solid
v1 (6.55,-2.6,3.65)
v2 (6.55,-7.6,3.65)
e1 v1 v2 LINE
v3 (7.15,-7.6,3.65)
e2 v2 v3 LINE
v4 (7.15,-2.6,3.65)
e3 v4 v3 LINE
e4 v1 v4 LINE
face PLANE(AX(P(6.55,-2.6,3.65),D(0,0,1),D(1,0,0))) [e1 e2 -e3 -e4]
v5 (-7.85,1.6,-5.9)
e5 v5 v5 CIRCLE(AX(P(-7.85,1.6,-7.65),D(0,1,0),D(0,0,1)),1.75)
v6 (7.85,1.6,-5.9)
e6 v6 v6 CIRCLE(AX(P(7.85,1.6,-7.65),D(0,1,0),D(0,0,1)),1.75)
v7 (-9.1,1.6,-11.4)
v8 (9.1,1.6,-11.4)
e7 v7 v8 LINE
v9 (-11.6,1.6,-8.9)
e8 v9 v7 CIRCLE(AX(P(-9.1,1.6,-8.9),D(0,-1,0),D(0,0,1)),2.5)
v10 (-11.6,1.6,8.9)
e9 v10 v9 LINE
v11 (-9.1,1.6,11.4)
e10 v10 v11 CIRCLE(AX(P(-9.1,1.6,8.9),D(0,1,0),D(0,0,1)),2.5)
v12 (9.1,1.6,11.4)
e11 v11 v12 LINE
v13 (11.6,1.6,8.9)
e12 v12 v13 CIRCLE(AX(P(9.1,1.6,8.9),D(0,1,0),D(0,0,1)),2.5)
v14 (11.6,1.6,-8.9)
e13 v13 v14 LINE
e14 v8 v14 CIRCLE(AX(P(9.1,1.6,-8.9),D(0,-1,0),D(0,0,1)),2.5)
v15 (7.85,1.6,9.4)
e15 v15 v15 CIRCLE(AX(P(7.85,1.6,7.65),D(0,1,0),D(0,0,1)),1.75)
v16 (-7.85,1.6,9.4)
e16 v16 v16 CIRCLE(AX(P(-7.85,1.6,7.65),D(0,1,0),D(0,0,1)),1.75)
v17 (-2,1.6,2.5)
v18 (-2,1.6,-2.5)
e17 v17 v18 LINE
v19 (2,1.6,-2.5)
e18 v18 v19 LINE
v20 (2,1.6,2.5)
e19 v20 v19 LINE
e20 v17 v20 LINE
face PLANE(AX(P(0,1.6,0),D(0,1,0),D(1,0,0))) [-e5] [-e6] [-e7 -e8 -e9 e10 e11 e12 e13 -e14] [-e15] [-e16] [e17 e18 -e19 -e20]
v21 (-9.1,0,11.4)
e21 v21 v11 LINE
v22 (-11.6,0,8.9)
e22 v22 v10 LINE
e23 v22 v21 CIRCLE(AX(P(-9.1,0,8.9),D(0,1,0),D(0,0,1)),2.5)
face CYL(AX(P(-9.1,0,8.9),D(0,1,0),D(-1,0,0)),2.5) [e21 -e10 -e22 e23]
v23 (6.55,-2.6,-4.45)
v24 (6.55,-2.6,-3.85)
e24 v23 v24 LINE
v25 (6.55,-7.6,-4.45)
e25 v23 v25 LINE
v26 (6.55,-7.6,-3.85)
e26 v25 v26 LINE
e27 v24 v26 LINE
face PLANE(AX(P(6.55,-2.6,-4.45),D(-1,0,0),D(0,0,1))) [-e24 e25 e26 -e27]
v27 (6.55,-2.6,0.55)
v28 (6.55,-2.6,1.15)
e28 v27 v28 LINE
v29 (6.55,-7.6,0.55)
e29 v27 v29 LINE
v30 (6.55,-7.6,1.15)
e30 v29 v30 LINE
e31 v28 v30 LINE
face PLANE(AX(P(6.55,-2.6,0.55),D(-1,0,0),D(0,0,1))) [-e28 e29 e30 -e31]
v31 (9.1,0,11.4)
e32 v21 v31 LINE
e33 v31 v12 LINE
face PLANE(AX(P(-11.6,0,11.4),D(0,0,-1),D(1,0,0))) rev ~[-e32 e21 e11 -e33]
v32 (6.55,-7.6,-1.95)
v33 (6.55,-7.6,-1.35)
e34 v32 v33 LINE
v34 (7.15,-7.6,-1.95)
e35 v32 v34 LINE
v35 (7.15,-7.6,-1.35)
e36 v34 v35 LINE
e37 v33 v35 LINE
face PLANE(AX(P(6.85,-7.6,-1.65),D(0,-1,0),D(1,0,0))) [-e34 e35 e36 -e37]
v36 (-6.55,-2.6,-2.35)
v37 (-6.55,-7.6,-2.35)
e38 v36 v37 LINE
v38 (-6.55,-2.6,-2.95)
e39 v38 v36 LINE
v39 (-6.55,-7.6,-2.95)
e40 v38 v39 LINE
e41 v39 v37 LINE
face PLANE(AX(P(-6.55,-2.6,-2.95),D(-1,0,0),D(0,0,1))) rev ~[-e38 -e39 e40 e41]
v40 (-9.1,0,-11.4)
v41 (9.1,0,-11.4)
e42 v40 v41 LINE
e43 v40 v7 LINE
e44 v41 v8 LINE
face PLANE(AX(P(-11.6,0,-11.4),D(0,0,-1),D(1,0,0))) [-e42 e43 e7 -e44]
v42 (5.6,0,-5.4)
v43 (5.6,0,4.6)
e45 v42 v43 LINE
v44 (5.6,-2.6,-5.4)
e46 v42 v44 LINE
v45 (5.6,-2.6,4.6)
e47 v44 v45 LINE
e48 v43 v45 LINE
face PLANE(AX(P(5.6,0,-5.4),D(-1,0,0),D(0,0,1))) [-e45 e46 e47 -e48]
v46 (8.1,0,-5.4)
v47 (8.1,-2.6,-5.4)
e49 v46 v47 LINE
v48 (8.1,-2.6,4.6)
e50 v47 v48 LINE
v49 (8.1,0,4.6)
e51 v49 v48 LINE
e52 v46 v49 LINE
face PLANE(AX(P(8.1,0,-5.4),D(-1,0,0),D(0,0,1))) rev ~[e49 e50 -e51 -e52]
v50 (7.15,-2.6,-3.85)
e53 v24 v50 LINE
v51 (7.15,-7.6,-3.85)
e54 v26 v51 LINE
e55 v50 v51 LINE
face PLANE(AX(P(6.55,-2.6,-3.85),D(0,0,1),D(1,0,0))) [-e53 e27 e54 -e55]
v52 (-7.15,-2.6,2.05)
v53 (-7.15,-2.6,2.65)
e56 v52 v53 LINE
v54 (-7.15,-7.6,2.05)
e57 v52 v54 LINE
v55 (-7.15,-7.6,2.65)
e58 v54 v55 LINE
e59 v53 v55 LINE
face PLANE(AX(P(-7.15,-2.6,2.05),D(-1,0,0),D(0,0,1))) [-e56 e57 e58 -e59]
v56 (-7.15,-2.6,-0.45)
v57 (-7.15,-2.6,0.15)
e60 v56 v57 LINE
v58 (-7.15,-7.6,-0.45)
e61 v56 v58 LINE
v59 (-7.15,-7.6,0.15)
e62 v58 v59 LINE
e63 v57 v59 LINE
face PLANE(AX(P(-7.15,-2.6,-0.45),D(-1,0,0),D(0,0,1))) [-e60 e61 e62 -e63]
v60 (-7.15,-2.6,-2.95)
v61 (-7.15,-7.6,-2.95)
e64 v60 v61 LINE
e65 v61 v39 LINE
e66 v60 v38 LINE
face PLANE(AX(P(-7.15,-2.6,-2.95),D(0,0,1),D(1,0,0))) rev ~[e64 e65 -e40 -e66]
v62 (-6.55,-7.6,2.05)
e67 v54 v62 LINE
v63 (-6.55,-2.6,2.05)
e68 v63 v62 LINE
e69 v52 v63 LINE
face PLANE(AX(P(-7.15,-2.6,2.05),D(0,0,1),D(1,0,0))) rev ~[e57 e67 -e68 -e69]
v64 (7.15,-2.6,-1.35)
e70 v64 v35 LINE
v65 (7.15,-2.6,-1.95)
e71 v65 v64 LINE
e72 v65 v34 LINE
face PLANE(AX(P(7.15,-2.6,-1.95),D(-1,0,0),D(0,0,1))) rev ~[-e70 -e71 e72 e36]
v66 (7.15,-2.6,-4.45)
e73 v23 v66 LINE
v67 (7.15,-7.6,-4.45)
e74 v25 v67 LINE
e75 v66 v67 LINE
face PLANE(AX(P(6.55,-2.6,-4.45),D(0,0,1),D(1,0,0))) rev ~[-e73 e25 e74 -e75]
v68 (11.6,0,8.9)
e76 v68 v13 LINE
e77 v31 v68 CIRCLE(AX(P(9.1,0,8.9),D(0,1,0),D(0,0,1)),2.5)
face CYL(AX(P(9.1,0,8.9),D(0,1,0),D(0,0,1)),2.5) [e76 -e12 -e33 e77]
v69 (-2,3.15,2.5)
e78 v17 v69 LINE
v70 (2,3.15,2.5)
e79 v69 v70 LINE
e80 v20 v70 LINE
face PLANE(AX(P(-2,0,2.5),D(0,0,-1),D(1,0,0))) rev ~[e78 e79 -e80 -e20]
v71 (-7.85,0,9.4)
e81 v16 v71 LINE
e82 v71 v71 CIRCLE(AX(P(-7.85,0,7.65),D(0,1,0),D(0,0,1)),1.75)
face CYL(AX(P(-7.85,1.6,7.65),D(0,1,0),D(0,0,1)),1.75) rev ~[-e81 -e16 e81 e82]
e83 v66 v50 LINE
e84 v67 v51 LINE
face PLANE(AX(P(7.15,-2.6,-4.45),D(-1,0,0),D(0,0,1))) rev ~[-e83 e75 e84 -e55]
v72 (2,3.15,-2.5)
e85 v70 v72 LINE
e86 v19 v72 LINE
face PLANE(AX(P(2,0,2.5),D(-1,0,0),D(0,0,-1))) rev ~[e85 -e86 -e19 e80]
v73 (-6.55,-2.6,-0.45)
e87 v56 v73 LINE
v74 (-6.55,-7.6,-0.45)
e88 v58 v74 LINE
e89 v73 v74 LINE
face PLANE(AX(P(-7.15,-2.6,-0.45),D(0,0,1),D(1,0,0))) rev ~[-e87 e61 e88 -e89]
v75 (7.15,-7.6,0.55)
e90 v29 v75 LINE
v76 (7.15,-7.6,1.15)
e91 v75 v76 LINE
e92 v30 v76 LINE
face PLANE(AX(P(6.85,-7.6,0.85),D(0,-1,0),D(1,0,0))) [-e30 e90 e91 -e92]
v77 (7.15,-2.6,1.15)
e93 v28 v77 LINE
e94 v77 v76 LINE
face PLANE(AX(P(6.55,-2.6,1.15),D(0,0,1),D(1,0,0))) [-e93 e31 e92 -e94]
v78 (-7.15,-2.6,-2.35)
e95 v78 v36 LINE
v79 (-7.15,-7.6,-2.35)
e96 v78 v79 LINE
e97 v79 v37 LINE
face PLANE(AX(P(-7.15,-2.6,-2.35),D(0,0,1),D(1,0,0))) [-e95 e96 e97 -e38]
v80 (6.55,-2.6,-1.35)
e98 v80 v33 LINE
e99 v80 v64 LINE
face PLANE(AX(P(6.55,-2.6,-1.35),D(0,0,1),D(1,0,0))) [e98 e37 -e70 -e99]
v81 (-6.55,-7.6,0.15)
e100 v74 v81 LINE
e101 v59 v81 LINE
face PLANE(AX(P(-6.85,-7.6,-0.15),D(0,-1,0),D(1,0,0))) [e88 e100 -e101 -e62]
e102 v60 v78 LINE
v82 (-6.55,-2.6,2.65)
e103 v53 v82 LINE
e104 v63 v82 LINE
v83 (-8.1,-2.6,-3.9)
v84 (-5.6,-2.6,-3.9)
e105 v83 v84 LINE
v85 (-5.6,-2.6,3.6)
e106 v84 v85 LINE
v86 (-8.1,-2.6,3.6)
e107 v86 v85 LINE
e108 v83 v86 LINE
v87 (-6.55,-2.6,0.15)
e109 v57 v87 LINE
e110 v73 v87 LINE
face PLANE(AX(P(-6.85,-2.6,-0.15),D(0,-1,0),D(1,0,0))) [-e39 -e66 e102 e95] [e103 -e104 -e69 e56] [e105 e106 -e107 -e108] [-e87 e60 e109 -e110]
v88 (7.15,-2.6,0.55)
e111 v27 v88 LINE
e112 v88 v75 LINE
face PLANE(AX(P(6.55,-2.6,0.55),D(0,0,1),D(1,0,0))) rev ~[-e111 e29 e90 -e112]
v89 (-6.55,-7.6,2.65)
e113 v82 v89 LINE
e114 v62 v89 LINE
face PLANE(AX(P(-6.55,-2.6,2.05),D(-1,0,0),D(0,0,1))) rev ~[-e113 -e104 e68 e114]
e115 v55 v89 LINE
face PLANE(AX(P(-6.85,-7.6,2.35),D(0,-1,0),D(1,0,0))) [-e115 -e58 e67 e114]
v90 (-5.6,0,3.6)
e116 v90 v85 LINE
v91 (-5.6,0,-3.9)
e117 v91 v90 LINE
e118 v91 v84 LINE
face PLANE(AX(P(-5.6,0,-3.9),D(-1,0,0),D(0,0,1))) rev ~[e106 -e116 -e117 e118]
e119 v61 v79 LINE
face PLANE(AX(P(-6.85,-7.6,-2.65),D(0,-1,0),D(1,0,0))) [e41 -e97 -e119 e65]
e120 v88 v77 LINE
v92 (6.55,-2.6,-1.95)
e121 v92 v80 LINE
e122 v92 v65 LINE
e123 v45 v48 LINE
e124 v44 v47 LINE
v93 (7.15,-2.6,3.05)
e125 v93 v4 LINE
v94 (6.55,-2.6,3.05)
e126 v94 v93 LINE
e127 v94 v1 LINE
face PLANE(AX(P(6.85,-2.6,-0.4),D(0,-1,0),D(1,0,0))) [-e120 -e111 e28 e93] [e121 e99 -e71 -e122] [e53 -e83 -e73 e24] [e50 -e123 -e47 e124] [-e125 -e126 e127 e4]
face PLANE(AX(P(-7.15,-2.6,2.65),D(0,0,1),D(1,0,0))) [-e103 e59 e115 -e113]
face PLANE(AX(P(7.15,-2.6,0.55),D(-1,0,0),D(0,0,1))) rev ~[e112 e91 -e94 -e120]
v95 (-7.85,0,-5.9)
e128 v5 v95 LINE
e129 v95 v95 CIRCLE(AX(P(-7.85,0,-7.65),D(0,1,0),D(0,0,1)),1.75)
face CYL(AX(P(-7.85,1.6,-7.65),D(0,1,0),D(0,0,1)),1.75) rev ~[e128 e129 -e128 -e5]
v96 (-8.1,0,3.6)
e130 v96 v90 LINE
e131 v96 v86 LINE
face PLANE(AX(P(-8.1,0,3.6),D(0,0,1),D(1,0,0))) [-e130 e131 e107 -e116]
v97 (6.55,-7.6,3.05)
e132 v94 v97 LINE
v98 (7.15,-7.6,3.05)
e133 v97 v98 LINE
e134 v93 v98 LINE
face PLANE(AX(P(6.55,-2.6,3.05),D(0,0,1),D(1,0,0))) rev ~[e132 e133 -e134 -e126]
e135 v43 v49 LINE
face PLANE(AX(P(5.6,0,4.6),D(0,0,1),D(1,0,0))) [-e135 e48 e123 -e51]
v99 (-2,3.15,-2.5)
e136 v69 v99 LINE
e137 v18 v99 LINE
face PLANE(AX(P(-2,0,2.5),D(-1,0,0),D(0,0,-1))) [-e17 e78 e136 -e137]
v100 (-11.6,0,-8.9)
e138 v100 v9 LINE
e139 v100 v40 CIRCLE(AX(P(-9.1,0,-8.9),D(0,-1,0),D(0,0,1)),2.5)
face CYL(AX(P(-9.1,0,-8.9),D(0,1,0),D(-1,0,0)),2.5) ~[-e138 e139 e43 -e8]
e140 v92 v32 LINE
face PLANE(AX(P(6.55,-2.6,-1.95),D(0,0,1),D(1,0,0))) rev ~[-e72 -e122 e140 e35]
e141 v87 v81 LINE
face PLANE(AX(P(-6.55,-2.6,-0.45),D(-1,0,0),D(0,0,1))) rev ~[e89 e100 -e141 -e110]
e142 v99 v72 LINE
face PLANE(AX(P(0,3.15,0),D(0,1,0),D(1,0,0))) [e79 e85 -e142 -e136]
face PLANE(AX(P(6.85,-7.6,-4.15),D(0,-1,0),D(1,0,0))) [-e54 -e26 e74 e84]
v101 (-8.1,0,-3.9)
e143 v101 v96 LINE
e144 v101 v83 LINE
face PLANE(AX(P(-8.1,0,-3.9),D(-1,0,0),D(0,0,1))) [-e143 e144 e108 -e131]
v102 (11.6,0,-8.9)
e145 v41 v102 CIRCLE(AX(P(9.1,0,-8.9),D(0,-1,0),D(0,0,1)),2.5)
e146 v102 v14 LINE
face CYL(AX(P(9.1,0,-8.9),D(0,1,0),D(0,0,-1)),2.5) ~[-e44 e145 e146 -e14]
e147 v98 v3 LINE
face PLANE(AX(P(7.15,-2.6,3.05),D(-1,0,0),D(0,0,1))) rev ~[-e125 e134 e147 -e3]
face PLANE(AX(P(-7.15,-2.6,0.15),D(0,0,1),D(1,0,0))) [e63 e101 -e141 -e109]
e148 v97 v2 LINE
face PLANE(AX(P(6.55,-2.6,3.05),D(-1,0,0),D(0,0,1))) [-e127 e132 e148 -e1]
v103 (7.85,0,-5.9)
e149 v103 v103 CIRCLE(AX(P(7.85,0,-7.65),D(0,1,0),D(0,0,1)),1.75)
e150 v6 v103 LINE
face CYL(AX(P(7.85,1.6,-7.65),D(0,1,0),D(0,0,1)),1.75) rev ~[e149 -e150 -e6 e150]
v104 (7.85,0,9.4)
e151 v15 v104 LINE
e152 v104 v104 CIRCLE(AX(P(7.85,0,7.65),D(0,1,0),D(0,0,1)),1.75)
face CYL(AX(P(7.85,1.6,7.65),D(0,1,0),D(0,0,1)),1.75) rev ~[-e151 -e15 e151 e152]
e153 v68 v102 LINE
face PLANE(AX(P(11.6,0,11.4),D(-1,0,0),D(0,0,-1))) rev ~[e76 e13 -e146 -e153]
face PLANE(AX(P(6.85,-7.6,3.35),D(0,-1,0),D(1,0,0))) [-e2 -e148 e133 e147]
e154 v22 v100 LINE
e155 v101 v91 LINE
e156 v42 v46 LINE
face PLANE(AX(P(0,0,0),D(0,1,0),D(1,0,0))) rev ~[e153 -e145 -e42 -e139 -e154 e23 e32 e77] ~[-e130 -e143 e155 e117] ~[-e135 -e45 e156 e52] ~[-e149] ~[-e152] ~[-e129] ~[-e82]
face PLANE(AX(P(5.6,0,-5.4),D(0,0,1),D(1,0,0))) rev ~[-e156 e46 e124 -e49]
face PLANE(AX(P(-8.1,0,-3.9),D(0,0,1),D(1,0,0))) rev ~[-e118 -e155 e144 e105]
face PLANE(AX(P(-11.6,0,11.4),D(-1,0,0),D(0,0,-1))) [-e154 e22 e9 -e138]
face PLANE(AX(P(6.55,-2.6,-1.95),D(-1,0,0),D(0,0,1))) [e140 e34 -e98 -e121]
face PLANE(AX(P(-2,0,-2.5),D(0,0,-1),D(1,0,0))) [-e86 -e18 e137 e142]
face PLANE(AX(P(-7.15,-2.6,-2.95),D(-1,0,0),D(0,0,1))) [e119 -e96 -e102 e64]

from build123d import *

# Parameters (mm, degrees)
SKETCH1_W           = 23.2
SKETCH1_H           = 22.8
SKETCH1_W_2         = 4
SKETCH1_H_2         = 5
BOSS_EXTRUDE1_DEPTH = 1.6
SKETCH1_4_W         = 4
SKETCH1_4_H         = 5
BOSS_EXTRUDE2_DEPTH = 3.15
FILLET1_R           = 2.5
SKETCH2_R           = 1.75
CUT_EXTRUDE1_DEPTH  = 3.1
SKETCH3_W           = 2.5
SKETCH3_H           = 10
SKETCH3_H_2         = 7.5
BOSS_EXTRUDE3_DEPTH = 2.6
SKETCH4_W           = 0.6
SKETCH4_H           = 0.6
BOSS_EXTRUDE4_DEPTH = 5


with BuildPart() as part:
    # Sketch1 → Boss-Extrude1 (new body)
    with BuildSketch(Plane(origin=(0, 0, 0), x_dir=(1, 0, 0), z_dir=(0, 1, 0))):
        Rectangle(SKETCH1_W, SKETCH1_H)
        Rectangle(SKETCH1_W_2, SKETCH1_H_2, mode=Mode.SUBTRACT)
    extrude(amount=BOSS_EXTRUDE1_DEPTH)

    # Sketch1<4> → Boss-Extrude2 (add)
    with BuildSketch(Plane(origin=(0, 0, 0), x_dir=(1, 0, 0), z_dir=(0, 1, 0))):
        Rectangle(SKETCH1_4_W, SKETCH1_4_H)
    extrude(amount=BOSS_EXTRUDE2_DEPTH)

    # Fillet1
    fillet1_edges = [part.edges().sort_by_distance(p)[0] for p in [
        (-11.6, 0.8, -11.4),
        (-11.6, 0.8, 11.4),
        (11.6, 0.8, -11.4),
        (11.6, 0.8, 11.4),
    ]]
    fillet(fillet1_edges, radius=FILLET1_R)

    # Sketch2 → Cut-Extrude1 (cut)
    with BuildSketch(Plane(origin=(0, 1.6, 0), x_dir=(1, 0, 0), z_dir=(0, 1, 0))):
        with Locations((-7.85, -7.65)):
            Circle(SKETCH2_R)
        with Locations((-7.85, 7.65)):
            Circle(SKETCH2_R)
        with Locations((7.85, -7.65)):
            Circle(SKETCH2_R)
        with Locations((7.85, 7.65)):
            Circle(SKETCH2_R)
    extrude(amount=-CUT_EXTRUDE1_DEPTH, mode=Mode.SUBTRACT)

    # Sketch3 → Boss-Extrude3 (add)
    with BuildSketch(Plane.XZ):
        with Locations((6.85, -0.4)):
            Rectangle(SKETCH3_W, SKETCH3_H)
        with Locations((-6.85, -0.15)):
            Rectangle(SKETCH3_W, SKETCH3_H_2)
    extrude(amount=BOSS_EXTRUDE3_DEPTH)

    # Sketch4 → Boss-Extrude4 (add)
    with BuildSketch(Plane.XZ.offset(2.6)):
        with Locations((-6.85, -0.15)):
            Rectangle(SKETCH4_W, SKETCH4_H)
        with Locations((-6.85, 2.35)):
            Rectangle(SKETCH4_W, SKETCH4_H)
        with Locations((-6.85, -2.65)):
            Rectangle(SKETCH4_W, SKETCH4_H)
        with Locations((6.85, 3.35)):
            Rectangle(SKETCH4_W, SKETCH4_H)
        with Locations((6.85, 0.85)):
            Rectangle(SKETCH4_W, SKETCH4_H)
        with Locations((6.85, -1.65)):
            Rectangle(SKETCH4_W, SKETCH4_H)
        with Locations((6.85, -4.15)):
            Rectangle(SKETCH4_W, SKETCH4_H)
    extrude(amount=BOSS_EXTRUDE4_DEPTH)


solid = part.part
